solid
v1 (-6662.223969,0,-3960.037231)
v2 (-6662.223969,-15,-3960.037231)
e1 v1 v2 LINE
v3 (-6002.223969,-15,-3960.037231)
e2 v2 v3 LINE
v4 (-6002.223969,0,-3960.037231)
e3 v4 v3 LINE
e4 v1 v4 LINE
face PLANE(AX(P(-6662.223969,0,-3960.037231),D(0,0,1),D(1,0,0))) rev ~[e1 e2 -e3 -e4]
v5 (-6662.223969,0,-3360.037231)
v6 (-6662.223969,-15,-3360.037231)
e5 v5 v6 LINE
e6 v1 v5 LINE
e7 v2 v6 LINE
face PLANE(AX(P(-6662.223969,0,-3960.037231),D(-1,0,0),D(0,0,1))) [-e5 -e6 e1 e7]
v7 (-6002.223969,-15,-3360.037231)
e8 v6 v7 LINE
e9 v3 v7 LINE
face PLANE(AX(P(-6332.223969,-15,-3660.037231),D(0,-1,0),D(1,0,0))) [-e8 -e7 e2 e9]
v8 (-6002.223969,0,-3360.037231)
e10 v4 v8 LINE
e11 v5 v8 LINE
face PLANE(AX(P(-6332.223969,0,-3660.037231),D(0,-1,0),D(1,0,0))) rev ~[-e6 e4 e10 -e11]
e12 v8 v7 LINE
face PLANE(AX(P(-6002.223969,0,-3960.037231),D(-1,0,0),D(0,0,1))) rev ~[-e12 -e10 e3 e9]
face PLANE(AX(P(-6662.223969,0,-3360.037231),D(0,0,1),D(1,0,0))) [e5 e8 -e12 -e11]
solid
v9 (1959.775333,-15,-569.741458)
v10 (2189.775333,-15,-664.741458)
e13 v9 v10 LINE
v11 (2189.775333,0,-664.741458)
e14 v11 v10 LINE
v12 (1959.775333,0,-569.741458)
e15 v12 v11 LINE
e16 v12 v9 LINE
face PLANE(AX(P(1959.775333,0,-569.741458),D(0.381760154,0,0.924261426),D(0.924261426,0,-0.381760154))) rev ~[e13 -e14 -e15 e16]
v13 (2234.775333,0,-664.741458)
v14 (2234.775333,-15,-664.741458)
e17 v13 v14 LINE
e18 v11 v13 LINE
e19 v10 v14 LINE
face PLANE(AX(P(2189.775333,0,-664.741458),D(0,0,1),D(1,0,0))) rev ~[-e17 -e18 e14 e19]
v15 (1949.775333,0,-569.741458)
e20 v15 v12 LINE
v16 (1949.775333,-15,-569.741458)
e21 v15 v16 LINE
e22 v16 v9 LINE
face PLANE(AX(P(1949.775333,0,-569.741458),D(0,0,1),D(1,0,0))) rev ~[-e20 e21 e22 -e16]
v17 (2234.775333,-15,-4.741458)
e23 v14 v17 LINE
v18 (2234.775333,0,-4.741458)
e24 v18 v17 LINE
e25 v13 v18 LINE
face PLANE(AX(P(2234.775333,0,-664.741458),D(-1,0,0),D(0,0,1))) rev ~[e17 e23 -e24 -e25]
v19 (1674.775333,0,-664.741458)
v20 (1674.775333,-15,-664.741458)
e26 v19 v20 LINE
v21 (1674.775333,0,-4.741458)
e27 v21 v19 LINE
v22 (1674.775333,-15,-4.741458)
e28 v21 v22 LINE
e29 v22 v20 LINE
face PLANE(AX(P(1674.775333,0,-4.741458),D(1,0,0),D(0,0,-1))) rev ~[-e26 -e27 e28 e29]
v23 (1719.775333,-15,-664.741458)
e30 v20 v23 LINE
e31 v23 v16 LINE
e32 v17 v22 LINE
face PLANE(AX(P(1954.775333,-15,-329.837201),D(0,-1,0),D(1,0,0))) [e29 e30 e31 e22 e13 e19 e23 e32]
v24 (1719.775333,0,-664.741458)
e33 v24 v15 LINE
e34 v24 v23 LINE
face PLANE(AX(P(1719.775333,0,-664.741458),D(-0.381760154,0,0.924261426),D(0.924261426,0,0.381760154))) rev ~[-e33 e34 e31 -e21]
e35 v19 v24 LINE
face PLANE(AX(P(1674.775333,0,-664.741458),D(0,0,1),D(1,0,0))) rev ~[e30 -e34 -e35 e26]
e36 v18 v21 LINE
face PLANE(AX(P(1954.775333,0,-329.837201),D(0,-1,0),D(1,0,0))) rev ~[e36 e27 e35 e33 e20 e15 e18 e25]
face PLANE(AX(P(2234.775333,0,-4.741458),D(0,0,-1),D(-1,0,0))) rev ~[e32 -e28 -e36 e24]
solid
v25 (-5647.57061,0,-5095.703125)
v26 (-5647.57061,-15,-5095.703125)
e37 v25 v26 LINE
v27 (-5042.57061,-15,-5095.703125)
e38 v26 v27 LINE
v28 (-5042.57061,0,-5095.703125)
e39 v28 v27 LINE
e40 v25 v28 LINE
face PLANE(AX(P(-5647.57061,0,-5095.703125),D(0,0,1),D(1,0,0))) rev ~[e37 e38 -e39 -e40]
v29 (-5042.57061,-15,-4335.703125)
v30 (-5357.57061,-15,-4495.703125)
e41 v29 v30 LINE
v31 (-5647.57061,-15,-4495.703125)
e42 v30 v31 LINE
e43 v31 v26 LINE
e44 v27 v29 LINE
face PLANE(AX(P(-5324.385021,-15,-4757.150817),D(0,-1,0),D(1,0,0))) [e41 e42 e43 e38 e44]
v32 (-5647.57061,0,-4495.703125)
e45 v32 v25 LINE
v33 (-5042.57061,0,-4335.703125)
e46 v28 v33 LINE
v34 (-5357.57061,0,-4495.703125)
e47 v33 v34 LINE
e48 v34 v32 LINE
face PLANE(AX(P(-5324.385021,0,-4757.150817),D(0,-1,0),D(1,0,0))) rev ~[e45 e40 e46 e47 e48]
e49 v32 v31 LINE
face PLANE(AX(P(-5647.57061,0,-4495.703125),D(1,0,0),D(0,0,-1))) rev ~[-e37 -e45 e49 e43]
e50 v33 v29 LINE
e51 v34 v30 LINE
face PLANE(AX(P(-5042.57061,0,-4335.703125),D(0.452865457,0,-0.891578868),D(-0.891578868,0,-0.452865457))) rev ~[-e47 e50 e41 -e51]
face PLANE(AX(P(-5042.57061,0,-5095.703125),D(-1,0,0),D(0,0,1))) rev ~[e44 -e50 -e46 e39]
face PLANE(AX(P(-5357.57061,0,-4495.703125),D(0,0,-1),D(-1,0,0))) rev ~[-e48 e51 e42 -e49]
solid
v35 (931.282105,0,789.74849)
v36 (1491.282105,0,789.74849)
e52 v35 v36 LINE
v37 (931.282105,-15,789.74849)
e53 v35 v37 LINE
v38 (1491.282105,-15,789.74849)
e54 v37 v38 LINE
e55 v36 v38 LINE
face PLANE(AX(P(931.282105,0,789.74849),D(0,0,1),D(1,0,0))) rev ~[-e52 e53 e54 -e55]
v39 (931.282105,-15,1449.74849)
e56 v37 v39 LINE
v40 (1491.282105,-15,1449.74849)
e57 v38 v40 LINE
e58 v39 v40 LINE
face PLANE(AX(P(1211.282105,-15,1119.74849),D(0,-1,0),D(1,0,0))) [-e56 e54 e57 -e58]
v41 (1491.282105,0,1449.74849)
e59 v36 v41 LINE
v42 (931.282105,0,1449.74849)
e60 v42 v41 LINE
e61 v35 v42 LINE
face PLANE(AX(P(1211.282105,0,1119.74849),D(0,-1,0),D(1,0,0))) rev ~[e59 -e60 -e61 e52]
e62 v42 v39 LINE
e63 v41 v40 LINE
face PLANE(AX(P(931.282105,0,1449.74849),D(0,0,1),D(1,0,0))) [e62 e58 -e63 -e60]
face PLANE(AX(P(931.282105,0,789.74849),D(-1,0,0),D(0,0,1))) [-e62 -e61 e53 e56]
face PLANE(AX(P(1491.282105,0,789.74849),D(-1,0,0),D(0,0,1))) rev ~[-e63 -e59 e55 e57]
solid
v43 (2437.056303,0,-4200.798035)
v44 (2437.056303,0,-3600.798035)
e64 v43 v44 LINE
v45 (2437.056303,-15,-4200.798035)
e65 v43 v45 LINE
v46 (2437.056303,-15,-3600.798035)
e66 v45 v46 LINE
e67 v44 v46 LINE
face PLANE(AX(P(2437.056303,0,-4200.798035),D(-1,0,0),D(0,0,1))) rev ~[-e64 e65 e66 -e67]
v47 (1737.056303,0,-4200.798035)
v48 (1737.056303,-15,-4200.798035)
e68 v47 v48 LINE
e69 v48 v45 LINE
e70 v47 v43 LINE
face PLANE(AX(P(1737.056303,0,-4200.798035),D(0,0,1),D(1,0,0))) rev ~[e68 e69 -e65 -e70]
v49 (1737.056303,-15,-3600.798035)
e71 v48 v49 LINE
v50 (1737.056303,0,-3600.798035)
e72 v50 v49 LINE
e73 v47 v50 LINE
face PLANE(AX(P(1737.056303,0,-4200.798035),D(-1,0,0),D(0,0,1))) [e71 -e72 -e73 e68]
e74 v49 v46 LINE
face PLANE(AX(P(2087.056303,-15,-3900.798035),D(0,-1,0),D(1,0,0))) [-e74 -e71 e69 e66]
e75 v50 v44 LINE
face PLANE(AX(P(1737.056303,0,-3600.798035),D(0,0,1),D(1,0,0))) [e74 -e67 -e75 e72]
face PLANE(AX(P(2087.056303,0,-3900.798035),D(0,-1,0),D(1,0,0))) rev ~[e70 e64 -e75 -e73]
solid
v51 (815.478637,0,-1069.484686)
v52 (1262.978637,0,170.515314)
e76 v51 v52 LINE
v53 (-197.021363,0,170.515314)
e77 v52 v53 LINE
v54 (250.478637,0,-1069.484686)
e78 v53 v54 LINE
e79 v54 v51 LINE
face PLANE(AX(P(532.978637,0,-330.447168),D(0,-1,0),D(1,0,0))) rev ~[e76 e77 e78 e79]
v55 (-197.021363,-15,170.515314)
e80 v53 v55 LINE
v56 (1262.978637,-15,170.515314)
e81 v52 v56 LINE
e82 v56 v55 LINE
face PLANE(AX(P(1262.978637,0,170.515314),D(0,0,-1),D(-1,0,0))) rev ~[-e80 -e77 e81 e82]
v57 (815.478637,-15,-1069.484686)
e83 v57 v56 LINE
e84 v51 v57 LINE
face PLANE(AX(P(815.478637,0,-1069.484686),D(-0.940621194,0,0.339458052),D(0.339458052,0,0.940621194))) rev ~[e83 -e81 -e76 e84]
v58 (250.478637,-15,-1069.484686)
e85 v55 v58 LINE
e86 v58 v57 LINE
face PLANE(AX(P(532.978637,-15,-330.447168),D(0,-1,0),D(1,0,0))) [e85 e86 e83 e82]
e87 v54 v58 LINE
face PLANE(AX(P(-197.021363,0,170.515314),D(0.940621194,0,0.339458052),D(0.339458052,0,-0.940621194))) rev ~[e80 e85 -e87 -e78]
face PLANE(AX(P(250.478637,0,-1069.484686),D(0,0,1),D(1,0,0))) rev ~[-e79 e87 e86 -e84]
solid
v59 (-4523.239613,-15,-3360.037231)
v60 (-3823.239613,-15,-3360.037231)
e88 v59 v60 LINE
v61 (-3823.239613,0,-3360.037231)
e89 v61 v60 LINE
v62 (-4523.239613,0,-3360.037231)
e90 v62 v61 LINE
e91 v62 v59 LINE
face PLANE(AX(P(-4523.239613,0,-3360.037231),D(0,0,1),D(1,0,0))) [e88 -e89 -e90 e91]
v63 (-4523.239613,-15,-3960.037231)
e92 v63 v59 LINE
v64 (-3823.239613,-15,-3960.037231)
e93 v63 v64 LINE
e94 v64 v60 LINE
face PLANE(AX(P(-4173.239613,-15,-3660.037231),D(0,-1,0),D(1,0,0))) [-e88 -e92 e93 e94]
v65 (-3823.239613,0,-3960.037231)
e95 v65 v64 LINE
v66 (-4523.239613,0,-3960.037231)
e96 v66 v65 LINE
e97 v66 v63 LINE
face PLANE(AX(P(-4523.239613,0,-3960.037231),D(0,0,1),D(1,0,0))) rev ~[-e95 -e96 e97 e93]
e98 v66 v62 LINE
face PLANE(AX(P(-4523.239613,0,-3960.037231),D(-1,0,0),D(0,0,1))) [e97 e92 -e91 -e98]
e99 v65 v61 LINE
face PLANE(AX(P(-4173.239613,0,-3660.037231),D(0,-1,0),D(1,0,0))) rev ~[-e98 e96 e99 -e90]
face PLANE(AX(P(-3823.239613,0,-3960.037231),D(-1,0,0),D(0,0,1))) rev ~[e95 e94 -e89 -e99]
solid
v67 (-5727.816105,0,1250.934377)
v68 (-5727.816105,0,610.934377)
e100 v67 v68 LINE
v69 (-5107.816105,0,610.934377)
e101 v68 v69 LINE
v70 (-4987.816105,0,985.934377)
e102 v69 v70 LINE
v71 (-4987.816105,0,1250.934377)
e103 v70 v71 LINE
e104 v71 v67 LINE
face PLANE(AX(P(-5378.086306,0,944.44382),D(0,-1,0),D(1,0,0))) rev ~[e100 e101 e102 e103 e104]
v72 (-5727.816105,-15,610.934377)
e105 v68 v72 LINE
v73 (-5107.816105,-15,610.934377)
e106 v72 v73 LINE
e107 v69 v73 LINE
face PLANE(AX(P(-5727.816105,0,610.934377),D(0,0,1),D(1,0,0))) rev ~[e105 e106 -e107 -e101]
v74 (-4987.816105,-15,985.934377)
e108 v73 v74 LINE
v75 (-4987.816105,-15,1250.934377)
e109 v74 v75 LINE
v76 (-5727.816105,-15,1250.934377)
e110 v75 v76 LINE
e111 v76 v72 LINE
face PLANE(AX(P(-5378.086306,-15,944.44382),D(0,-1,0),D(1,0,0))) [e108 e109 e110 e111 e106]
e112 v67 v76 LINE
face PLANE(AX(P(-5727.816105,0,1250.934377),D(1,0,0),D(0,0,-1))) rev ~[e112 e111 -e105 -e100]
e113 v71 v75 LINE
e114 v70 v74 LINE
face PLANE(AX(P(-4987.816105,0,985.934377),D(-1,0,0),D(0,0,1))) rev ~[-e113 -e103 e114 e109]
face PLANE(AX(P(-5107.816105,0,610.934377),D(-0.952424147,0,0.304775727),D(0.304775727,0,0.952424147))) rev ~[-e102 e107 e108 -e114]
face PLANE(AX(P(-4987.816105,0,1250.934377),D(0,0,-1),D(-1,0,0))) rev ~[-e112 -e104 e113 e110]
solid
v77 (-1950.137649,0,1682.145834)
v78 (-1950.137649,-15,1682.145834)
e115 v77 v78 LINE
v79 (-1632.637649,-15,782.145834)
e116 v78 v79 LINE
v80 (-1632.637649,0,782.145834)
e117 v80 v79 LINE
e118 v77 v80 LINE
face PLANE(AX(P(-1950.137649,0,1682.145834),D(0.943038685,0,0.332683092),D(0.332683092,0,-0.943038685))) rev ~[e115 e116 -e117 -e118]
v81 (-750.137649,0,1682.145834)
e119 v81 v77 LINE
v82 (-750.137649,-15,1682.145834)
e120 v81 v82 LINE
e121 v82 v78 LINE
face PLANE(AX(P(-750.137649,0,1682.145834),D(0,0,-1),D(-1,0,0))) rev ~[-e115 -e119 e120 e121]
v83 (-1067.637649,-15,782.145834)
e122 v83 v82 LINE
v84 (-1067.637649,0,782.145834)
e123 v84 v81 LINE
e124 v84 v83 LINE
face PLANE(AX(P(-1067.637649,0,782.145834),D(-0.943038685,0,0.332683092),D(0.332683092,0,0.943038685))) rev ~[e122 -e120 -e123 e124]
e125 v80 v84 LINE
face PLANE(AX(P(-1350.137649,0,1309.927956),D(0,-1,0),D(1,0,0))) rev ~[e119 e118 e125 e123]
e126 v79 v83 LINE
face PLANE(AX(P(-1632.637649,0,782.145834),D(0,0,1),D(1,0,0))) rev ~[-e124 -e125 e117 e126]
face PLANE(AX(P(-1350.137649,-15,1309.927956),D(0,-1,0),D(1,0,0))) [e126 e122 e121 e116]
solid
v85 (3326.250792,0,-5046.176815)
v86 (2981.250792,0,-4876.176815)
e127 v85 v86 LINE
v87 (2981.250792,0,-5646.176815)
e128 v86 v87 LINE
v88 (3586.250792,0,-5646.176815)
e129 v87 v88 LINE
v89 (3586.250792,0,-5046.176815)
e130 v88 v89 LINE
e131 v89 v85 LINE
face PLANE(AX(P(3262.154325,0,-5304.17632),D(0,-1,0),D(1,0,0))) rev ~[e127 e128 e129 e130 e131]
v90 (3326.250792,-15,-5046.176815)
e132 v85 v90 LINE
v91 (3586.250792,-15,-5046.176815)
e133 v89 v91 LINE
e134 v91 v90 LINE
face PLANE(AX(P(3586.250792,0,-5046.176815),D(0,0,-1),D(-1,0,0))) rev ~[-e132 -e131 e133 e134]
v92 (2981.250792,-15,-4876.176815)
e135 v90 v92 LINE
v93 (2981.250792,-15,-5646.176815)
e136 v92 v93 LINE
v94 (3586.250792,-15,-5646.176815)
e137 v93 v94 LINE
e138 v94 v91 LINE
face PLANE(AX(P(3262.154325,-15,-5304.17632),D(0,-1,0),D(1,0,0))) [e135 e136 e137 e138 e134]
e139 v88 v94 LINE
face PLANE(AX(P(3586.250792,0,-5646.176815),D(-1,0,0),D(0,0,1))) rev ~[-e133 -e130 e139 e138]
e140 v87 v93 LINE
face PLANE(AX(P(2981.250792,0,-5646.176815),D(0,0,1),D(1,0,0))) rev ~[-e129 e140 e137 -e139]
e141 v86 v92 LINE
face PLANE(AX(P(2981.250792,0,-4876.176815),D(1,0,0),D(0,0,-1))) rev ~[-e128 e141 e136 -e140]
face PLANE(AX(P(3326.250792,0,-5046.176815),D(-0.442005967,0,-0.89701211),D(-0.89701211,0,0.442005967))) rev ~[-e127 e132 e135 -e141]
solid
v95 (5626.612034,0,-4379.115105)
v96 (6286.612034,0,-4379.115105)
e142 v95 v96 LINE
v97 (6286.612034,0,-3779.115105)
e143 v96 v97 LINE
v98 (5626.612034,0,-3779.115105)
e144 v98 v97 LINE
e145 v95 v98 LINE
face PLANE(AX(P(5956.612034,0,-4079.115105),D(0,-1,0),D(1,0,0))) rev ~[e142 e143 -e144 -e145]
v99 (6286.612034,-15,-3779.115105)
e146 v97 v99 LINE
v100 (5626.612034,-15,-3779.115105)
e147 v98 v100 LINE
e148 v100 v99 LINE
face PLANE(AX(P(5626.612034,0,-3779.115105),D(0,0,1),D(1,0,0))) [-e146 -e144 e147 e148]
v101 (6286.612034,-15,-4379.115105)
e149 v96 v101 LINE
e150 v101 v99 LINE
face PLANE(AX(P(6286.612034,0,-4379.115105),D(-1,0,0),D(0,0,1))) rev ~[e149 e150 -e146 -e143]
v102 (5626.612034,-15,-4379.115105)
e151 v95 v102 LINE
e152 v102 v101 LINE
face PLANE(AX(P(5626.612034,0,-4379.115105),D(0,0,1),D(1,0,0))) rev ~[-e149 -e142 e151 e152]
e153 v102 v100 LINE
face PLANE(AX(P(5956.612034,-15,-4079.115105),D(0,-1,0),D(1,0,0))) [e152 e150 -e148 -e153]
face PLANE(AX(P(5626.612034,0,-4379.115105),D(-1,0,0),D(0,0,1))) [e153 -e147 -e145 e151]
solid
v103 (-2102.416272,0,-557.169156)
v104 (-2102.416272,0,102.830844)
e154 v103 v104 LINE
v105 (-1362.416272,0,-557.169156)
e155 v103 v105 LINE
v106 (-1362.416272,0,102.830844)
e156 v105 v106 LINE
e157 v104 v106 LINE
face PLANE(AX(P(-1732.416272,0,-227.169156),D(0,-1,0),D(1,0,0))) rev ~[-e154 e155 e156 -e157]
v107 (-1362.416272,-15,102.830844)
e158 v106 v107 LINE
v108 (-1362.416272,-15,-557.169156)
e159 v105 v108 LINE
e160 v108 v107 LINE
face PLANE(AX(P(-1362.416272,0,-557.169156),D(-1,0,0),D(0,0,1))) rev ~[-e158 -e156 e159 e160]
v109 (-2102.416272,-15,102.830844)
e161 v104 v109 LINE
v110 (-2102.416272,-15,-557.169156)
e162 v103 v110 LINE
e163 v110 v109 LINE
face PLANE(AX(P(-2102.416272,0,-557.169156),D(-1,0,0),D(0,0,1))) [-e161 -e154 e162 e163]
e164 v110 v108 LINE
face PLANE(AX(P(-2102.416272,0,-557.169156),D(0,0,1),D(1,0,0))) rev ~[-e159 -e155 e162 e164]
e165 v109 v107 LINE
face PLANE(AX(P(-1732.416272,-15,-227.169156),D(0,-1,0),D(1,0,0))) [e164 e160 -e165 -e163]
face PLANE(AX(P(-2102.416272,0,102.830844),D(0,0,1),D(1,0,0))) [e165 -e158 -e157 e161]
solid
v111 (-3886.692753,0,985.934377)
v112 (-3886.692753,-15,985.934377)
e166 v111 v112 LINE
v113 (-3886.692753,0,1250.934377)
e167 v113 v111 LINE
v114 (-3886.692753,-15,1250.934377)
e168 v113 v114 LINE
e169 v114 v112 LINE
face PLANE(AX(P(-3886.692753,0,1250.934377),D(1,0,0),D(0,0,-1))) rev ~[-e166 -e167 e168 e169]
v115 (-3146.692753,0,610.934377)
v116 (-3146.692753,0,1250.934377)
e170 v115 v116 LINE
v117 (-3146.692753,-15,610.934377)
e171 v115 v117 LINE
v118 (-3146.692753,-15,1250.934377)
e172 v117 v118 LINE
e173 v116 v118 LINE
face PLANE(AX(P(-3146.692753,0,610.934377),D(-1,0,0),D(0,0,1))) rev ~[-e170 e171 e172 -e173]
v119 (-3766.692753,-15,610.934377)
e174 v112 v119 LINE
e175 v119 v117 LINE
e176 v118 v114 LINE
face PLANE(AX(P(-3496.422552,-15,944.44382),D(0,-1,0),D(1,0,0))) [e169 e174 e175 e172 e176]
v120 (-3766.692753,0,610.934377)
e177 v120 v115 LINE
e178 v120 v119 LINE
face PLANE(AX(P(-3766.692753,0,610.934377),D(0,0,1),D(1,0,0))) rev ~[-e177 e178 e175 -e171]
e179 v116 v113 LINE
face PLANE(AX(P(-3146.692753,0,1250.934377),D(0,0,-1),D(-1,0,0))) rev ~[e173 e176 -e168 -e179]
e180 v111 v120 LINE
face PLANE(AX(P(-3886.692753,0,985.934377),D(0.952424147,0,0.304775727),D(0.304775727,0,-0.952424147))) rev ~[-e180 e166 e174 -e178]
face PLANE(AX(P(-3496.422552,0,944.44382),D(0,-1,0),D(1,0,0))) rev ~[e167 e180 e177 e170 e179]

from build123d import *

# Parameters (mm, degrees)
F0_W     = 740
F0_H     = 660
F1_DEPTH = 15
F2_W     = 560
F2_H     = 660
F3_DEPTH = 15
F4_W     = 660
F4_H     = 600
F4_W_2   = 700
F5_DEPTH = 15
F6_W     = 700
F6_H     = 600
F6_W_2   = 660
F7_DEPTH = 15


with BuildPart() as f1:
    # F0 (on Front) → F1 (new body)
    with BuildSketch(Plane.XZ):
        Polygon((1262.978637, 170.515314), (-197.021363, 170.515314), (250.478637, -1069.484686), (815.478637, -1069.484686), align=None)
        Polygon((2234.775333, -4.741458), (1674.775333, -4.741458), (1674.775333, -664.741458), (1719.775333, -664.741458), (1949.775333, -569.741458), (1959.775333, -569.741458), (2189.775333, -664.741458), (2234.775333, -664.741458), align=None)
        with Locations((-1732.416272, -227.169156)):
            Rectangle(F0_W, F0_H)
    extrude(amount=F1_DEPTH)


with BuildPart() as f3:
    # F2 (on Front) → F3 (new body)
    with BuildSketch(Plane.XZ):
        Polygon((-1632.637649, 782.145834), (-1067.637649, 782.145834), (-750.137649, 1682.145834), (-1950.137649, 1682.145834), align=None)
        with Locations((1211.282105, 1119.74849)):
            Rectangle(F2_W, F2_H)
        Polygon((-4987.816105, 1250.934377), (-5727.816105, 1250.934377), (-5727.816105, 610.934377), (-5107.816105, 610.934377), (-4987.816105, 985.934377), align=None)
        Polygon((-3146.692753, 610.934377), (-3146.692753, 1250.934377), (-3886.692753, 1250.934377), (-3886.692753, 985.934377), (-3766.692753, 610.934377), align=None)
    extrude(amount=F3_DEPTH)


with BuildPart() as f5:
    # F4 (on Front) → F5 (new body)
    with BuildSketch(Plane.XZ):
        with Locations((-6332.223969, -3660.037231)):
            Rectangle(F4_W, F4_H)
        with Locations((-4173.239613, -3660.037231)):
            Rectangle(F4_W_2, F4_H)
        Polygon((-5042.57061, -4335.703125), (-5357.57061, -4495.703125), (-5647.57061, -4495.703125), (-5647.57061, -5095.703125), (-5042.57061, -5095.703125), align=None)
    extrude(amount=F5_DEPTH)


with BuildPart() as f7:
    # F6 (on Front) → F7 (new body)
    with BuildSketch(Plane.XZ):
        with Locations((2087.056303, -3900.798035)):
            Rectangle(F6_W, F6_H)
        with Locations((5956.612034, -4079.115105)):
            Rectangle(F6_W_2, F6_H)
        Polygon((2981.250792, -4876.176815), (2981.250792, -5646.176815), (3586.250792, -5646.176815), (3586.250792, -5046.176815), (3326.250792, -5046.176815), align=None)
    extrude(amount=F7_DEPTH)


solid = Compound([f1.part, f3.part, f5.part, f7.part])
